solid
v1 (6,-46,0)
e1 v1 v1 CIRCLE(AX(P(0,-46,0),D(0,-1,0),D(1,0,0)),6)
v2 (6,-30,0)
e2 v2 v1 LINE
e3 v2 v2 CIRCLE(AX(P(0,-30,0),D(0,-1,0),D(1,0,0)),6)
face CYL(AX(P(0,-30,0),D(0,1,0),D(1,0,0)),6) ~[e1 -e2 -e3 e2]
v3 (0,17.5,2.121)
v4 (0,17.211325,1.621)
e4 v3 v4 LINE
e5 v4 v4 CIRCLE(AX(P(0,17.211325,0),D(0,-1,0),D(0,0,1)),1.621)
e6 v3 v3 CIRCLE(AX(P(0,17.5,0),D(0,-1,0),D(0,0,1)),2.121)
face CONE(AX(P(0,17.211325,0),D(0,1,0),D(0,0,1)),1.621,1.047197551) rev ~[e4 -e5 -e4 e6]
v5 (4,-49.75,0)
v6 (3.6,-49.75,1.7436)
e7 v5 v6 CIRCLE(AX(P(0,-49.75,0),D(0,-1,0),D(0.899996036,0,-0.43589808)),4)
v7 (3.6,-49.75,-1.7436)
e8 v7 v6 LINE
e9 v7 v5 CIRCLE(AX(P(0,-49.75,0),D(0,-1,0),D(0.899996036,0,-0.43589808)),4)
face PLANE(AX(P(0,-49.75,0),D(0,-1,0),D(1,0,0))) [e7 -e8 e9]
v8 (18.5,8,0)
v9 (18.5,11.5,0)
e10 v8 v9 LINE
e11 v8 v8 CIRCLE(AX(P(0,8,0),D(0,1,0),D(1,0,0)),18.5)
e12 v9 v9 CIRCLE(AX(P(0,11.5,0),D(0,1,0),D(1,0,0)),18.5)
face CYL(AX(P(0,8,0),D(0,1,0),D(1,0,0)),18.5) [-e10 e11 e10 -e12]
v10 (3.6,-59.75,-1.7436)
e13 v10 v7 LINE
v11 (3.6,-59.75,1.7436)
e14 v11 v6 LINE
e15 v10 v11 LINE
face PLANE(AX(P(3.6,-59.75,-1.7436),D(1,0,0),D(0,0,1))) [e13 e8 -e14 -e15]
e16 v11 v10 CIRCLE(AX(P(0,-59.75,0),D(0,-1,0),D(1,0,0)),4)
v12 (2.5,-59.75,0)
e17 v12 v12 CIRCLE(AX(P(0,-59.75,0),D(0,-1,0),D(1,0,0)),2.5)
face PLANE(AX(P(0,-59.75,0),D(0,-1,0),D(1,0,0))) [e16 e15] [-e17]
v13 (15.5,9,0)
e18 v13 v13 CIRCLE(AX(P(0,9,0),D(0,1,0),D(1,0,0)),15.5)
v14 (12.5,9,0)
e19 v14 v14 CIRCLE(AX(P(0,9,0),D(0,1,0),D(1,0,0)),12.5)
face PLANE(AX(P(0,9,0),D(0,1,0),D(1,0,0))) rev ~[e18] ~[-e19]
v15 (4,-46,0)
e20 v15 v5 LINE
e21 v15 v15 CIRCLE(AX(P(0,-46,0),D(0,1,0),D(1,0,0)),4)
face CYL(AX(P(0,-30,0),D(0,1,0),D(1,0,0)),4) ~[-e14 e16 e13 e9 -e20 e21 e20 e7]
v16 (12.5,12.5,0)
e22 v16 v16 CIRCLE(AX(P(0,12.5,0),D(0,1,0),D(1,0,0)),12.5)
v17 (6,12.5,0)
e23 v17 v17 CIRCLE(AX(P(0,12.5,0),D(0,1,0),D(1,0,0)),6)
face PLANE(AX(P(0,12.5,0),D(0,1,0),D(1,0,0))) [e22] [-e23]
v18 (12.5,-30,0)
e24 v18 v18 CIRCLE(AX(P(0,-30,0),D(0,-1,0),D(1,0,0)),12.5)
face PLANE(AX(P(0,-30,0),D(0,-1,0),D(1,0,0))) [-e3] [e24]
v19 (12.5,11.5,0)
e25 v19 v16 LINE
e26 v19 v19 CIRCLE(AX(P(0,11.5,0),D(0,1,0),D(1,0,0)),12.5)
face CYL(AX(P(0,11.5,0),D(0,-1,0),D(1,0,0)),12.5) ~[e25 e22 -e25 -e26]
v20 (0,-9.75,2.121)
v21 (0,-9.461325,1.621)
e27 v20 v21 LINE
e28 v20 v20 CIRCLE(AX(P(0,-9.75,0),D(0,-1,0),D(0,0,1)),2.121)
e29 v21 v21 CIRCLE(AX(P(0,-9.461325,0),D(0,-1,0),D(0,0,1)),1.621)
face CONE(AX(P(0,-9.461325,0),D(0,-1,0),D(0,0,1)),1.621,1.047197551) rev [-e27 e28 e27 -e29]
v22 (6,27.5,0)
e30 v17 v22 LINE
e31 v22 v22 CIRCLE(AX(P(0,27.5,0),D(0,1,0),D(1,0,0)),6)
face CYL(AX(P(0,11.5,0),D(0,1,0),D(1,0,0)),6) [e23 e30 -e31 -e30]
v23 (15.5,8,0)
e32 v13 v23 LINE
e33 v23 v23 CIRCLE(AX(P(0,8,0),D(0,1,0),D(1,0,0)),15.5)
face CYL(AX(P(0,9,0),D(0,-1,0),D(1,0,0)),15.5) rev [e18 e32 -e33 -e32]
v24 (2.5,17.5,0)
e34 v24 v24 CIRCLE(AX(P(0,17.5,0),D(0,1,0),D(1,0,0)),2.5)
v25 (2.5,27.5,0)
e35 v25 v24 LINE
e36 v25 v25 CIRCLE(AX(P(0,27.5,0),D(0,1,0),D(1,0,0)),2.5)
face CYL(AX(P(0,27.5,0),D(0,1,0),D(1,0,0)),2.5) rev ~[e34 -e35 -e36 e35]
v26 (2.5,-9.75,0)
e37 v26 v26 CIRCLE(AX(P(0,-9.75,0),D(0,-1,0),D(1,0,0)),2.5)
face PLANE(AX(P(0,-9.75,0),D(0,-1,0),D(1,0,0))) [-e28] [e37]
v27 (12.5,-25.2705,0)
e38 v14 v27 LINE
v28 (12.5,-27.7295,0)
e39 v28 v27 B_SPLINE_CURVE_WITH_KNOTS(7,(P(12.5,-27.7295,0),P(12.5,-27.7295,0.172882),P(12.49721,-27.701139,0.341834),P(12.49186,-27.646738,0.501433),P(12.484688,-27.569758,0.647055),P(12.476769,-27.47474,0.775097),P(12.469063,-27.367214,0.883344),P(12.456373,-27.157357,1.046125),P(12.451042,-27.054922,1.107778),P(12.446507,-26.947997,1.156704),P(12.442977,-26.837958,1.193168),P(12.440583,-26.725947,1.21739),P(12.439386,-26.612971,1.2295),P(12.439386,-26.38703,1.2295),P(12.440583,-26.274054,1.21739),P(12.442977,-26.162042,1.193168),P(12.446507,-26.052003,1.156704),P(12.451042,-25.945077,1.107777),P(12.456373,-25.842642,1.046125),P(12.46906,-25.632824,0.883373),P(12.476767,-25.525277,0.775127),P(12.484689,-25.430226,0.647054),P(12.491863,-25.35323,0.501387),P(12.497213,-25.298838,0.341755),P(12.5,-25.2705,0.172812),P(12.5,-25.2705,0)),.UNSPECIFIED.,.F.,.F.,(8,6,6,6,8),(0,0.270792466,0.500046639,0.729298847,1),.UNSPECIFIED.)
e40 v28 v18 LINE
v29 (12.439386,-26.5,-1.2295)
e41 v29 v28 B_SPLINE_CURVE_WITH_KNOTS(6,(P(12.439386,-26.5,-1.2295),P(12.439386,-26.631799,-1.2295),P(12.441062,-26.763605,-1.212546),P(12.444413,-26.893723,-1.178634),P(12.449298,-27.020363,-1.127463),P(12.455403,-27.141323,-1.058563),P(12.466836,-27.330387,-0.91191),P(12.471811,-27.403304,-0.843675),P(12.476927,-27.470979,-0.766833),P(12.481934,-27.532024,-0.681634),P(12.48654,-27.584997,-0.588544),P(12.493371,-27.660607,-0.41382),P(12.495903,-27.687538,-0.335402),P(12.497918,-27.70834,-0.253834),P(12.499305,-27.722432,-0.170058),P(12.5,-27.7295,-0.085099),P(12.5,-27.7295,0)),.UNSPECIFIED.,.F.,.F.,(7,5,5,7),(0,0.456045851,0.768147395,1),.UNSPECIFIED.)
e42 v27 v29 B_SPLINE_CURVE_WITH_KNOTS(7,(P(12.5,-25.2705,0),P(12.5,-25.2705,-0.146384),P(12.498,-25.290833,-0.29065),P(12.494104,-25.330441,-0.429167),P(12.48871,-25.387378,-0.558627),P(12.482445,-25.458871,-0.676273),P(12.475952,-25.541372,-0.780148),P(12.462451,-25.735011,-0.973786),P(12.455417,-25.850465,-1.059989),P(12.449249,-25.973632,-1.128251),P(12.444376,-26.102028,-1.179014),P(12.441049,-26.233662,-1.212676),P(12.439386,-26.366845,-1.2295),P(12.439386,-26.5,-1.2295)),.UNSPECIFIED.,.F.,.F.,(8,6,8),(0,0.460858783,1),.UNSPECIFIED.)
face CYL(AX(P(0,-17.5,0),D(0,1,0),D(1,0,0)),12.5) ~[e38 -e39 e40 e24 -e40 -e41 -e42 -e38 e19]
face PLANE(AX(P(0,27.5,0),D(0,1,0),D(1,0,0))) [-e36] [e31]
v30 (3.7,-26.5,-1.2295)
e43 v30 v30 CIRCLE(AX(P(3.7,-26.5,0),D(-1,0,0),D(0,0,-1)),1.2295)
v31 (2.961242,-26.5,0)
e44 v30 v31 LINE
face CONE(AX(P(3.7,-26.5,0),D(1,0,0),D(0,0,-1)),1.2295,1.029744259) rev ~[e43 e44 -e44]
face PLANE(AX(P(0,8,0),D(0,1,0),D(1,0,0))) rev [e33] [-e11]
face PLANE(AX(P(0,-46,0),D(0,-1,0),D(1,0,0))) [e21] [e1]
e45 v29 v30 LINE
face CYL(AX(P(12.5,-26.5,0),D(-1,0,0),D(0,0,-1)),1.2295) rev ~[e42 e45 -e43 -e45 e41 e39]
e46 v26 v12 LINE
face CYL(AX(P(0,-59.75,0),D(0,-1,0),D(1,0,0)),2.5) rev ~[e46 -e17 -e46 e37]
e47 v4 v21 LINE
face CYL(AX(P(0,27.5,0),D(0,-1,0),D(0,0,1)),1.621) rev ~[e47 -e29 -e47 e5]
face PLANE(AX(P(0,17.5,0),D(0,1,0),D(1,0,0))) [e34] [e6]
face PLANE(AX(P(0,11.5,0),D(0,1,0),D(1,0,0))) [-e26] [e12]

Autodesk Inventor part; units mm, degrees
ref_plane "XZ Plane" through (0, 0, 0) normal (0, 1, 0) x (-1, 0, 0)
ref_plane "XY Plane" through (0, 0, 0) normal (0, 0, 1) x (1, 0, 0)
sketch "Sketch1" plane through (0, 0, 0) normal (0, 0, 1) x (1, 0, 0)
  line L0 (0, -17.5) -> (8.5, -17.5)
  line L1 (8.5, -17.5) -> (8.5, 17.5)
  line L2 (8.5, 17.5) -> (0, 17.5)
  line L3 (0, 17.5) -> (0, -17.5)
  line L4 (8.5, 11.5) -> (18.5, 11.5)
  line L5 (18.5, 11.5) -> (18.5, 9)
  line L6 (18.5, 9) -> (8.5, 9)
  line L7 (8.5, 9) -> (8.5, 11.5)
  line L8 (18.5, 9) -> (15.5, 9)
  line L9 (15.5, 9) -> (15.5, 8)
  line L10 (15.5, 8) -> (18.5, 8)
  line L11 (18.5, 8) -> (18.5, 9)
  line L12 (0, -24.5) -> (0, 24.5) construction
  line L13 (8.5, -17.5) -> (12.5, -17.5)
  line L14 (12.5, -17.5) -> (12.5, 9)
  line L15 (12.5, 9) -> (8.5, 9)
  line L16 (8.5, 9) -> (8.5, -17.5)
  line L17 (8.5, 11.5) -> (6, 11.5)
  line L18 (6, 11.5) -> (6, 17.5)
  point P0 (0, 0)
  point P1 (0, 0)
  point P2 (8.5, 9)
  dimension "d0" = 35
  dimension "d1" = 8.5
  dimension "d2" = 10
  dimension "d3" = 2.5
  dimension "d4" = 6
  dimension "d5" = 3
  dimension "d6" = 1
  dimension "d32" = 4
  dimension "d69" = 6
revolve "Revolution1" add sketch "Sketch1" angle 360 about axis through (0, -10, 0) along (0, 1, 0) contours L3 L2 L18 L17 L1 L0 | L1 L6 L14 L13 | L1 L4 L5 L6 | L6 L11 L10 L9
sketch "Sketch3" plane through (0, -17.5, 0) normal (0, -1, 0) x (1, 0, 0)
  circle A0 centre (0, 0) radius 12.5 projected
extrude "Extrusion1" add sketch "Sketch3" along normal blind 12.5
sketch "Sketch4" plane through (0, -30, 0) normal (0, -1, 0) x (1, 0, 0)
  circle A0 centre (0, 0) radius 4
  circle A1 centre (0, 0) radius 12.5 projected
  dimension "d24" = 8
extrude "Extrusion2" add sketch "Sketch4" along normal blind 29.75 contours A0
sketch "Sketch5" plane through (0, 17.5, 0) normal (0, 1, 0) x (1, 0, 0)
  circle A0 centre (0, 0) radius 6 projected
extrude "Extrusion3" add sketch "Sketch5" along normal blind 10
sketch "Sketch6" plane through (0, 11.5, 0) normal (0, 1, 0) x (1, 0, 0)
  circle A0 centre (0, 0) radius 2.621 projected
  circle A1 centre (0, 0) radius 12.5
  circle A2 centre (0, 0) radius 6 projected
  dimension "d29" = 25
extrude "Extrusion4" add sketch "Sketch6" along normal blind 1 contours A0 | A1 | A2
sketch "Sketch7" plane through (0, 27.5, 0) normal (0, 1, 0) x (1, 0, 0)
  point P0 (0, 0)
  point P1 (0, 0)
hole "Hole2" at (0, 27.5, 0) direction (0, -1, 0) diameter 3.242 end through all thread size "M4x0.7" class "6H" standard "ISO Metric profile"
sketch "Sketch8" plane through (0, 27.5, 0) normal (0, 1, 0) x (1, 0, 0)
  circle A0 centre (0, 0) radius 2.5
  dimension "d41" = 5
extrude "Extrusion5" cut sketch "Sketch8" against normal blind 10
sketch "Sketch9" plane through (0, -59.75, 0) normal (0, -1, 0) x (1, 0, 0)
  circle A0 centre (0, 0) radius 2.5
  dimension "d44" = 5
extrude "Extrusion6" cut sketch "Sketch9" against normal blind 50
chamfer "Chamfer3" distance 0.5 angle 30 1 edges at (0, -9.75, -1.621) measured on face at (2.1788, -9.75, -0.2646)
chamfer "Chamfer4" distance 0.5 angle 30 1 edges at (0, 17.5, -1.621) measured on face at (2.1788, 17.5, 0.2646)
ref_plane "Work Plane1" through (12.5, 0, 0) normal (1, 0, 0) x (0, 1, 0)
sketch "Sketch10" plane through (12.5, 0, 0) normal (1, 0, 0) x (0, 1, 0)
  line L0 (27.5, -8.5) -> (27.5, 8.5) projected
  line L1 (-37.3, 0) -> (38.3, 0) projected
  point P0 (0, 0)
  point P1 (-26.5, 0)
  dimension "d54" = 54
hole "Hole3" at (12.5, -26.5, 0) direction (-1, 0, 0) diameter 2.459 depth 8.8 tip angle 118 thread size "M3x0.5" class "6H" standard "ISO Metric profile"
sketch "Sketch11" plane through (0, -59.75, 0) normal (0, -1, 0) x (1, 0, 0)
  circle A0 centre (0, 0) radius 2.5 projected
  circle A1 centre (0, 0) radius 4 projected
  line L0 (3.6, -1.7436) -> (3.6, 1.7436)
  point P0 (3.6, 0)
  dimension "d65" = 3.6
extrude "Extrusion7" cut sketch "Sketch11" against normal blind 10 contours A0 | A1 L0 picked at (3.6735, -0.3949)
sketch "Sketch12" plane through (0, -30, 0) normal (0, -1, 0) x (1, 0, 0)
  circle A0 centre (0, 0) radius 6
  circle A1 centre (0, 0) radius 2.5 projected
  dimension "d66" = 12
extrude "Extrusion8" add sketch "Sketch12" along normal blind 16
properties part number "shaft"
